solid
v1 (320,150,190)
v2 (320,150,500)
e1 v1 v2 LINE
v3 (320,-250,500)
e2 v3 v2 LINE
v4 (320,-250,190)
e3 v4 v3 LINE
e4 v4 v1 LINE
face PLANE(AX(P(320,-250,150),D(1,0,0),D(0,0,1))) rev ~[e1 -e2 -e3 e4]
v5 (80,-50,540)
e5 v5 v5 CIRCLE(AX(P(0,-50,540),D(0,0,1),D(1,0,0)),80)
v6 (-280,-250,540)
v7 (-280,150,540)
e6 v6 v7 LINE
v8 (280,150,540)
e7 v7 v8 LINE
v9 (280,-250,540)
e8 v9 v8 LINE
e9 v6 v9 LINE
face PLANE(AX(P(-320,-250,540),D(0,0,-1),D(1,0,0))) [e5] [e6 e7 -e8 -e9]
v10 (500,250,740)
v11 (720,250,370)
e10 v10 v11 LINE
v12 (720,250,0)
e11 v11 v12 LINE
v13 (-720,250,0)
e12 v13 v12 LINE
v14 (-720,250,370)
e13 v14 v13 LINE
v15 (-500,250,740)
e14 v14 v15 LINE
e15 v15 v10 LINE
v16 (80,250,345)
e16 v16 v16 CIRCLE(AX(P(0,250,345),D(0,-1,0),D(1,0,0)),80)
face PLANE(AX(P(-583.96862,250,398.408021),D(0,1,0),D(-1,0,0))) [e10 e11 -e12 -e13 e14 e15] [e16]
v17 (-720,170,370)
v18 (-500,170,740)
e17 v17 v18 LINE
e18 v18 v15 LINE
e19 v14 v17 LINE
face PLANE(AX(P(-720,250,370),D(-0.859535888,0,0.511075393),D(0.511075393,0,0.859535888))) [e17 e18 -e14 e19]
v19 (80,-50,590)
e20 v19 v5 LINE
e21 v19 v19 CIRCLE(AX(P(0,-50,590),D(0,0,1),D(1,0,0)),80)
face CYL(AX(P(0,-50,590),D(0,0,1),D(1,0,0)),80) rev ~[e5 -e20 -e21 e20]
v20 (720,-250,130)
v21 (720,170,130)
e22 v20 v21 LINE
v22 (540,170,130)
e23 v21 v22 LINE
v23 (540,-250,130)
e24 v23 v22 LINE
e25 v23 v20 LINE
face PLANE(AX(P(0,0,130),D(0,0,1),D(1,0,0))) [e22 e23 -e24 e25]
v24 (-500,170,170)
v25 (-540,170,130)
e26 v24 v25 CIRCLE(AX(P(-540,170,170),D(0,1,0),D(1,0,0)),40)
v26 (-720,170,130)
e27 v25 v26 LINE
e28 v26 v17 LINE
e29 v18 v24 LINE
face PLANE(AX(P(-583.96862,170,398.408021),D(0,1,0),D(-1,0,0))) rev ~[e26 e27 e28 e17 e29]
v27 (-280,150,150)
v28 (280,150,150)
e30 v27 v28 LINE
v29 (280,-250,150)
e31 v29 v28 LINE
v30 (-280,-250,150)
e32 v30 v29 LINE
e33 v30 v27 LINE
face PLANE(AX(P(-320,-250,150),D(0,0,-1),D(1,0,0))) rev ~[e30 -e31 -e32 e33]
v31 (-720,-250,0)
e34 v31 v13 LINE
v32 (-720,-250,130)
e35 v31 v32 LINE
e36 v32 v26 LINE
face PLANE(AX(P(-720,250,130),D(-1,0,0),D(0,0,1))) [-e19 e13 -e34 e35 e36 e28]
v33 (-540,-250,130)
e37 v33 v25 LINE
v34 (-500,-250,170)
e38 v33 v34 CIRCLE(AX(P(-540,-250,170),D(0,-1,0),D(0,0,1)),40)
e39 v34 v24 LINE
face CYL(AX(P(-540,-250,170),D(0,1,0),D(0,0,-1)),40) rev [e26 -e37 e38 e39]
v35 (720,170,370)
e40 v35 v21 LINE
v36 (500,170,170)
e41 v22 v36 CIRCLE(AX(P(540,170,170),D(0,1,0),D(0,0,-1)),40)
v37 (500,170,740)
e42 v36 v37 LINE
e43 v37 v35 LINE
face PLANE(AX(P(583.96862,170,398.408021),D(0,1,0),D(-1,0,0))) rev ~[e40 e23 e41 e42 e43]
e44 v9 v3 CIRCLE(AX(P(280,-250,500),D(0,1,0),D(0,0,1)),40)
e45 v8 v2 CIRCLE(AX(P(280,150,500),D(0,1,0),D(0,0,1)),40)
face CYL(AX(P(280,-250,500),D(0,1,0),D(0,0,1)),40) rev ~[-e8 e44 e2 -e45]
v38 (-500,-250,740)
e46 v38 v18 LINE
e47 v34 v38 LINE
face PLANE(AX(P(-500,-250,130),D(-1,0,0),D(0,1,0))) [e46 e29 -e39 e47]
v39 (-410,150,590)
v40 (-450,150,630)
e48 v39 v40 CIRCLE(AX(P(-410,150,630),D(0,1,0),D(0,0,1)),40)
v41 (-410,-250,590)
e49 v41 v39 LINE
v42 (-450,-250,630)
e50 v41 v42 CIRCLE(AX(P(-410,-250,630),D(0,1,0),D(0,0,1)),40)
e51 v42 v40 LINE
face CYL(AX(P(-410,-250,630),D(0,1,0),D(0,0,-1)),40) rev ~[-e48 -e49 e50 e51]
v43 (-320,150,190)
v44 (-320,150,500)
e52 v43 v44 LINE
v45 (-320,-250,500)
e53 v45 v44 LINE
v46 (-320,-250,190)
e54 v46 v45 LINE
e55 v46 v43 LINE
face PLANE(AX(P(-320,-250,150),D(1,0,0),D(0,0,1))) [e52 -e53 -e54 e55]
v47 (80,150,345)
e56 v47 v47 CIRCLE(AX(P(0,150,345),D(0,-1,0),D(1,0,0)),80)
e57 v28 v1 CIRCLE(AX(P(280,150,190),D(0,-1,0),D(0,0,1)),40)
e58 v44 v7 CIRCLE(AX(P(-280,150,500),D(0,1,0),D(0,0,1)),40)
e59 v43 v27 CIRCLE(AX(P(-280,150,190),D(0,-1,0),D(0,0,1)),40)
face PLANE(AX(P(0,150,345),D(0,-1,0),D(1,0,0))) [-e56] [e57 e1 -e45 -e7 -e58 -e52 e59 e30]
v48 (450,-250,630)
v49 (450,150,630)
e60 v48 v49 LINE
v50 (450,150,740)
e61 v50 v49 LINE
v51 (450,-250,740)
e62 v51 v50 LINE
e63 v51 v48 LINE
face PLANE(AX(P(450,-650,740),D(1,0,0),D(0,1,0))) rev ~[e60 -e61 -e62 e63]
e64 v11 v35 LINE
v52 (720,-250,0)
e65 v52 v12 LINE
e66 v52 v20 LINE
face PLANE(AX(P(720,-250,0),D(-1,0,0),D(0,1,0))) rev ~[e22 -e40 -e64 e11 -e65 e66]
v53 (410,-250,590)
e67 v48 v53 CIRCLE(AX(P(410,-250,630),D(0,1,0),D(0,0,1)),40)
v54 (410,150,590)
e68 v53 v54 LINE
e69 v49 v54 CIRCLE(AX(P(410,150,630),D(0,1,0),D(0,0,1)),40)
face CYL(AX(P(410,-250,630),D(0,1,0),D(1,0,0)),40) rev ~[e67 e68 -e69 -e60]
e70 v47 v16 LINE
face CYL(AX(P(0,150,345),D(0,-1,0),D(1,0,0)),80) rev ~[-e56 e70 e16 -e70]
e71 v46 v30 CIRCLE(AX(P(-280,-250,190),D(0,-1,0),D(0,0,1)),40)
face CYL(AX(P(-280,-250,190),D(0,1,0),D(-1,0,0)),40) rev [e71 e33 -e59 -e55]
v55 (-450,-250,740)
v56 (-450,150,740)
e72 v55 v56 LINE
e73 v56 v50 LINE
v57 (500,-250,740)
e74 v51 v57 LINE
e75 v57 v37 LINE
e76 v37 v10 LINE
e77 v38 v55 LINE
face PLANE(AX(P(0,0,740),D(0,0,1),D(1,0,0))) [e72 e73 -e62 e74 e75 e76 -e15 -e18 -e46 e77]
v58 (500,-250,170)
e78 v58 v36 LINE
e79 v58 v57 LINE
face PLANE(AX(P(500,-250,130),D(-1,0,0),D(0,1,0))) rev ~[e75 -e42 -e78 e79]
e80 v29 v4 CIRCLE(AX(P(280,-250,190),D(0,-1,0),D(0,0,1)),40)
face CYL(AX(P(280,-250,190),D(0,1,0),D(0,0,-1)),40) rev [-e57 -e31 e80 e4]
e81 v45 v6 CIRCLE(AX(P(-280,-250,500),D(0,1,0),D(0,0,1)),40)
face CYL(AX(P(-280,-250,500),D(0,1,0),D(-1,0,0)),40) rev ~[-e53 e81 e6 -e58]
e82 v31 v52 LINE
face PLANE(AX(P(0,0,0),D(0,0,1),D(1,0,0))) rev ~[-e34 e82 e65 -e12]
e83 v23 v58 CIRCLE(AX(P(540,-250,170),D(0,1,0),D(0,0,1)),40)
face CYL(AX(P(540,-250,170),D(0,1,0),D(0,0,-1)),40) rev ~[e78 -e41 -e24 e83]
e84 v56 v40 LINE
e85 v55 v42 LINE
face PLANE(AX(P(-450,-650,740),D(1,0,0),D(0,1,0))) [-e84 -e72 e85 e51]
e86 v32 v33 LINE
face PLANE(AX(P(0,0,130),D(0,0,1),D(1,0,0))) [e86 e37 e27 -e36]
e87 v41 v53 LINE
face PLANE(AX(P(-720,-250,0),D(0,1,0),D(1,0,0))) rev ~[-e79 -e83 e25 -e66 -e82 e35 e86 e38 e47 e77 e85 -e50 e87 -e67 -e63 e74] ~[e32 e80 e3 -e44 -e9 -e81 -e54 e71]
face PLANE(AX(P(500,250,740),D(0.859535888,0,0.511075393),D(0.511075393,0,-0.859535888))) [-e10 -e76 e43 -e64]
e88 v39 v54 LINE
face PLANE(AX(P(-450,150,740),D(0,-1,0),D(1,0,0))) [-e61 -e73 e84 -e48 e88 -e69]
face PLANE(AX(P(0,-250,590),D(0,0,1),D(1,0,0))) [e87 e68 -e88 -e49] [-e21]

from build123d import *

# Parameters (mm, degrees)
F0_W      = 1440
F0_H      = 500
F1_DEPTH  = 130
F2_W      = 1000
F2_H      = 500
F3_DEPTH  = 610
F4_W      = 640
F4_H      = 390
F5_DEPTH  = 400
F6_R      = 80
F7_DEPTH  = 100.001
F8_W      = 900
F8_H      = 800
F9_DEPTH  = 150
F10_R     = 80
F11_DEPTH = 50
F12_R     = 40
F14_DEPTH = 80


with BuildPart() as f1:
    # F0 (on Top) → F1 (new body)
    with BuildSketch(Plane.XY):
        Rectangle(F0_W, F0_H)
    extrude(amount=F1_DEPTH)

    # F2 (on face) → F3 (join)
    with BuildSketch(Plane.XY.offset(130)):
        Rectangle(F2_W, F2_H)
    extrude(amount=F3_DEPTH)

    # F4 (on face) → F5 (cut)
    with BuildSketch(Plane.XZ.offset(250)):
        with Locations((0, 345)):
            Rectangle(F4_W, F4_H)
    extrude(amount=-F5_DEPTH, mode=Mode.SUBTRACT)

    # F6 (on face) → F7 (cut, through all)
    with BuildSketch(Plane.XZ.offset(-150)):
        with Locations((0, 345)):
            Circle(F6_R)
    extrude(amount=-F7_DEPTH, mode=Mode.SUBTRACT)

    # F8 (on face) → F9 (cut)
    with BuildSketch(Plane.XY.offset(740)):
        with Locations((0, -250)):
            Rectangle(F8_W, F8_H)
    extrude(amount=-F9_DEPTH, mode=Mode.SUBTRACT)

    # F10 (on face) → F11 (cut, through all)
    with BuildSketch(Plane.XY.offset(590)):
        with Locations((0, -50)):
            Circle(F10_R)
    extrude(amount=-F11_DEPTH, mode=Mode.SUBTRACT)

    # F12
    f12_edges = [f1.edges().sort_by_distance(p)[0] for p in [
        (450, -50, 590),
        (-450, -50, 590),
        (500, 0, 130),
        (-500, 0, 130),
        (-320, -50, 540),
        (-320, -50, 150),
        (320, -50, 540),
        (320, -50, 150),
    ]]
    fillet(f12_edges, radius=F12_R)

    # F13 (on face) → F14 (join)
    with BuildSketch(Plane(origin=(0, 250, 0), x_dir=(-1, 0, 0), z_dir=(0, 1, 0))):
        with BuildLine():
            Line((720, 370), (500, 740))
            Line((500, 740), (500, 170))
            ThreePointArc((500, 170), (511.7157287525, 141.7157287525), (540, 130))
            Line((540, 130), (720, 130))
            Line((720, 130), (720, 370))
        make_face()
        with BuildLine():
            Line((-720, 370), (-720, 130))
            Line((-720, 130), (-540, 130))
            ThreePointArc((-540, 130), (-511.7157287525, 141.7157287525), (-500, 170))
            Line((-500, 170), (-500, 740))
            Line((-500, 740), (-720, 370))
        make_face()
    extrude(amount=-F14_DEPTH)


solid = f1.part
